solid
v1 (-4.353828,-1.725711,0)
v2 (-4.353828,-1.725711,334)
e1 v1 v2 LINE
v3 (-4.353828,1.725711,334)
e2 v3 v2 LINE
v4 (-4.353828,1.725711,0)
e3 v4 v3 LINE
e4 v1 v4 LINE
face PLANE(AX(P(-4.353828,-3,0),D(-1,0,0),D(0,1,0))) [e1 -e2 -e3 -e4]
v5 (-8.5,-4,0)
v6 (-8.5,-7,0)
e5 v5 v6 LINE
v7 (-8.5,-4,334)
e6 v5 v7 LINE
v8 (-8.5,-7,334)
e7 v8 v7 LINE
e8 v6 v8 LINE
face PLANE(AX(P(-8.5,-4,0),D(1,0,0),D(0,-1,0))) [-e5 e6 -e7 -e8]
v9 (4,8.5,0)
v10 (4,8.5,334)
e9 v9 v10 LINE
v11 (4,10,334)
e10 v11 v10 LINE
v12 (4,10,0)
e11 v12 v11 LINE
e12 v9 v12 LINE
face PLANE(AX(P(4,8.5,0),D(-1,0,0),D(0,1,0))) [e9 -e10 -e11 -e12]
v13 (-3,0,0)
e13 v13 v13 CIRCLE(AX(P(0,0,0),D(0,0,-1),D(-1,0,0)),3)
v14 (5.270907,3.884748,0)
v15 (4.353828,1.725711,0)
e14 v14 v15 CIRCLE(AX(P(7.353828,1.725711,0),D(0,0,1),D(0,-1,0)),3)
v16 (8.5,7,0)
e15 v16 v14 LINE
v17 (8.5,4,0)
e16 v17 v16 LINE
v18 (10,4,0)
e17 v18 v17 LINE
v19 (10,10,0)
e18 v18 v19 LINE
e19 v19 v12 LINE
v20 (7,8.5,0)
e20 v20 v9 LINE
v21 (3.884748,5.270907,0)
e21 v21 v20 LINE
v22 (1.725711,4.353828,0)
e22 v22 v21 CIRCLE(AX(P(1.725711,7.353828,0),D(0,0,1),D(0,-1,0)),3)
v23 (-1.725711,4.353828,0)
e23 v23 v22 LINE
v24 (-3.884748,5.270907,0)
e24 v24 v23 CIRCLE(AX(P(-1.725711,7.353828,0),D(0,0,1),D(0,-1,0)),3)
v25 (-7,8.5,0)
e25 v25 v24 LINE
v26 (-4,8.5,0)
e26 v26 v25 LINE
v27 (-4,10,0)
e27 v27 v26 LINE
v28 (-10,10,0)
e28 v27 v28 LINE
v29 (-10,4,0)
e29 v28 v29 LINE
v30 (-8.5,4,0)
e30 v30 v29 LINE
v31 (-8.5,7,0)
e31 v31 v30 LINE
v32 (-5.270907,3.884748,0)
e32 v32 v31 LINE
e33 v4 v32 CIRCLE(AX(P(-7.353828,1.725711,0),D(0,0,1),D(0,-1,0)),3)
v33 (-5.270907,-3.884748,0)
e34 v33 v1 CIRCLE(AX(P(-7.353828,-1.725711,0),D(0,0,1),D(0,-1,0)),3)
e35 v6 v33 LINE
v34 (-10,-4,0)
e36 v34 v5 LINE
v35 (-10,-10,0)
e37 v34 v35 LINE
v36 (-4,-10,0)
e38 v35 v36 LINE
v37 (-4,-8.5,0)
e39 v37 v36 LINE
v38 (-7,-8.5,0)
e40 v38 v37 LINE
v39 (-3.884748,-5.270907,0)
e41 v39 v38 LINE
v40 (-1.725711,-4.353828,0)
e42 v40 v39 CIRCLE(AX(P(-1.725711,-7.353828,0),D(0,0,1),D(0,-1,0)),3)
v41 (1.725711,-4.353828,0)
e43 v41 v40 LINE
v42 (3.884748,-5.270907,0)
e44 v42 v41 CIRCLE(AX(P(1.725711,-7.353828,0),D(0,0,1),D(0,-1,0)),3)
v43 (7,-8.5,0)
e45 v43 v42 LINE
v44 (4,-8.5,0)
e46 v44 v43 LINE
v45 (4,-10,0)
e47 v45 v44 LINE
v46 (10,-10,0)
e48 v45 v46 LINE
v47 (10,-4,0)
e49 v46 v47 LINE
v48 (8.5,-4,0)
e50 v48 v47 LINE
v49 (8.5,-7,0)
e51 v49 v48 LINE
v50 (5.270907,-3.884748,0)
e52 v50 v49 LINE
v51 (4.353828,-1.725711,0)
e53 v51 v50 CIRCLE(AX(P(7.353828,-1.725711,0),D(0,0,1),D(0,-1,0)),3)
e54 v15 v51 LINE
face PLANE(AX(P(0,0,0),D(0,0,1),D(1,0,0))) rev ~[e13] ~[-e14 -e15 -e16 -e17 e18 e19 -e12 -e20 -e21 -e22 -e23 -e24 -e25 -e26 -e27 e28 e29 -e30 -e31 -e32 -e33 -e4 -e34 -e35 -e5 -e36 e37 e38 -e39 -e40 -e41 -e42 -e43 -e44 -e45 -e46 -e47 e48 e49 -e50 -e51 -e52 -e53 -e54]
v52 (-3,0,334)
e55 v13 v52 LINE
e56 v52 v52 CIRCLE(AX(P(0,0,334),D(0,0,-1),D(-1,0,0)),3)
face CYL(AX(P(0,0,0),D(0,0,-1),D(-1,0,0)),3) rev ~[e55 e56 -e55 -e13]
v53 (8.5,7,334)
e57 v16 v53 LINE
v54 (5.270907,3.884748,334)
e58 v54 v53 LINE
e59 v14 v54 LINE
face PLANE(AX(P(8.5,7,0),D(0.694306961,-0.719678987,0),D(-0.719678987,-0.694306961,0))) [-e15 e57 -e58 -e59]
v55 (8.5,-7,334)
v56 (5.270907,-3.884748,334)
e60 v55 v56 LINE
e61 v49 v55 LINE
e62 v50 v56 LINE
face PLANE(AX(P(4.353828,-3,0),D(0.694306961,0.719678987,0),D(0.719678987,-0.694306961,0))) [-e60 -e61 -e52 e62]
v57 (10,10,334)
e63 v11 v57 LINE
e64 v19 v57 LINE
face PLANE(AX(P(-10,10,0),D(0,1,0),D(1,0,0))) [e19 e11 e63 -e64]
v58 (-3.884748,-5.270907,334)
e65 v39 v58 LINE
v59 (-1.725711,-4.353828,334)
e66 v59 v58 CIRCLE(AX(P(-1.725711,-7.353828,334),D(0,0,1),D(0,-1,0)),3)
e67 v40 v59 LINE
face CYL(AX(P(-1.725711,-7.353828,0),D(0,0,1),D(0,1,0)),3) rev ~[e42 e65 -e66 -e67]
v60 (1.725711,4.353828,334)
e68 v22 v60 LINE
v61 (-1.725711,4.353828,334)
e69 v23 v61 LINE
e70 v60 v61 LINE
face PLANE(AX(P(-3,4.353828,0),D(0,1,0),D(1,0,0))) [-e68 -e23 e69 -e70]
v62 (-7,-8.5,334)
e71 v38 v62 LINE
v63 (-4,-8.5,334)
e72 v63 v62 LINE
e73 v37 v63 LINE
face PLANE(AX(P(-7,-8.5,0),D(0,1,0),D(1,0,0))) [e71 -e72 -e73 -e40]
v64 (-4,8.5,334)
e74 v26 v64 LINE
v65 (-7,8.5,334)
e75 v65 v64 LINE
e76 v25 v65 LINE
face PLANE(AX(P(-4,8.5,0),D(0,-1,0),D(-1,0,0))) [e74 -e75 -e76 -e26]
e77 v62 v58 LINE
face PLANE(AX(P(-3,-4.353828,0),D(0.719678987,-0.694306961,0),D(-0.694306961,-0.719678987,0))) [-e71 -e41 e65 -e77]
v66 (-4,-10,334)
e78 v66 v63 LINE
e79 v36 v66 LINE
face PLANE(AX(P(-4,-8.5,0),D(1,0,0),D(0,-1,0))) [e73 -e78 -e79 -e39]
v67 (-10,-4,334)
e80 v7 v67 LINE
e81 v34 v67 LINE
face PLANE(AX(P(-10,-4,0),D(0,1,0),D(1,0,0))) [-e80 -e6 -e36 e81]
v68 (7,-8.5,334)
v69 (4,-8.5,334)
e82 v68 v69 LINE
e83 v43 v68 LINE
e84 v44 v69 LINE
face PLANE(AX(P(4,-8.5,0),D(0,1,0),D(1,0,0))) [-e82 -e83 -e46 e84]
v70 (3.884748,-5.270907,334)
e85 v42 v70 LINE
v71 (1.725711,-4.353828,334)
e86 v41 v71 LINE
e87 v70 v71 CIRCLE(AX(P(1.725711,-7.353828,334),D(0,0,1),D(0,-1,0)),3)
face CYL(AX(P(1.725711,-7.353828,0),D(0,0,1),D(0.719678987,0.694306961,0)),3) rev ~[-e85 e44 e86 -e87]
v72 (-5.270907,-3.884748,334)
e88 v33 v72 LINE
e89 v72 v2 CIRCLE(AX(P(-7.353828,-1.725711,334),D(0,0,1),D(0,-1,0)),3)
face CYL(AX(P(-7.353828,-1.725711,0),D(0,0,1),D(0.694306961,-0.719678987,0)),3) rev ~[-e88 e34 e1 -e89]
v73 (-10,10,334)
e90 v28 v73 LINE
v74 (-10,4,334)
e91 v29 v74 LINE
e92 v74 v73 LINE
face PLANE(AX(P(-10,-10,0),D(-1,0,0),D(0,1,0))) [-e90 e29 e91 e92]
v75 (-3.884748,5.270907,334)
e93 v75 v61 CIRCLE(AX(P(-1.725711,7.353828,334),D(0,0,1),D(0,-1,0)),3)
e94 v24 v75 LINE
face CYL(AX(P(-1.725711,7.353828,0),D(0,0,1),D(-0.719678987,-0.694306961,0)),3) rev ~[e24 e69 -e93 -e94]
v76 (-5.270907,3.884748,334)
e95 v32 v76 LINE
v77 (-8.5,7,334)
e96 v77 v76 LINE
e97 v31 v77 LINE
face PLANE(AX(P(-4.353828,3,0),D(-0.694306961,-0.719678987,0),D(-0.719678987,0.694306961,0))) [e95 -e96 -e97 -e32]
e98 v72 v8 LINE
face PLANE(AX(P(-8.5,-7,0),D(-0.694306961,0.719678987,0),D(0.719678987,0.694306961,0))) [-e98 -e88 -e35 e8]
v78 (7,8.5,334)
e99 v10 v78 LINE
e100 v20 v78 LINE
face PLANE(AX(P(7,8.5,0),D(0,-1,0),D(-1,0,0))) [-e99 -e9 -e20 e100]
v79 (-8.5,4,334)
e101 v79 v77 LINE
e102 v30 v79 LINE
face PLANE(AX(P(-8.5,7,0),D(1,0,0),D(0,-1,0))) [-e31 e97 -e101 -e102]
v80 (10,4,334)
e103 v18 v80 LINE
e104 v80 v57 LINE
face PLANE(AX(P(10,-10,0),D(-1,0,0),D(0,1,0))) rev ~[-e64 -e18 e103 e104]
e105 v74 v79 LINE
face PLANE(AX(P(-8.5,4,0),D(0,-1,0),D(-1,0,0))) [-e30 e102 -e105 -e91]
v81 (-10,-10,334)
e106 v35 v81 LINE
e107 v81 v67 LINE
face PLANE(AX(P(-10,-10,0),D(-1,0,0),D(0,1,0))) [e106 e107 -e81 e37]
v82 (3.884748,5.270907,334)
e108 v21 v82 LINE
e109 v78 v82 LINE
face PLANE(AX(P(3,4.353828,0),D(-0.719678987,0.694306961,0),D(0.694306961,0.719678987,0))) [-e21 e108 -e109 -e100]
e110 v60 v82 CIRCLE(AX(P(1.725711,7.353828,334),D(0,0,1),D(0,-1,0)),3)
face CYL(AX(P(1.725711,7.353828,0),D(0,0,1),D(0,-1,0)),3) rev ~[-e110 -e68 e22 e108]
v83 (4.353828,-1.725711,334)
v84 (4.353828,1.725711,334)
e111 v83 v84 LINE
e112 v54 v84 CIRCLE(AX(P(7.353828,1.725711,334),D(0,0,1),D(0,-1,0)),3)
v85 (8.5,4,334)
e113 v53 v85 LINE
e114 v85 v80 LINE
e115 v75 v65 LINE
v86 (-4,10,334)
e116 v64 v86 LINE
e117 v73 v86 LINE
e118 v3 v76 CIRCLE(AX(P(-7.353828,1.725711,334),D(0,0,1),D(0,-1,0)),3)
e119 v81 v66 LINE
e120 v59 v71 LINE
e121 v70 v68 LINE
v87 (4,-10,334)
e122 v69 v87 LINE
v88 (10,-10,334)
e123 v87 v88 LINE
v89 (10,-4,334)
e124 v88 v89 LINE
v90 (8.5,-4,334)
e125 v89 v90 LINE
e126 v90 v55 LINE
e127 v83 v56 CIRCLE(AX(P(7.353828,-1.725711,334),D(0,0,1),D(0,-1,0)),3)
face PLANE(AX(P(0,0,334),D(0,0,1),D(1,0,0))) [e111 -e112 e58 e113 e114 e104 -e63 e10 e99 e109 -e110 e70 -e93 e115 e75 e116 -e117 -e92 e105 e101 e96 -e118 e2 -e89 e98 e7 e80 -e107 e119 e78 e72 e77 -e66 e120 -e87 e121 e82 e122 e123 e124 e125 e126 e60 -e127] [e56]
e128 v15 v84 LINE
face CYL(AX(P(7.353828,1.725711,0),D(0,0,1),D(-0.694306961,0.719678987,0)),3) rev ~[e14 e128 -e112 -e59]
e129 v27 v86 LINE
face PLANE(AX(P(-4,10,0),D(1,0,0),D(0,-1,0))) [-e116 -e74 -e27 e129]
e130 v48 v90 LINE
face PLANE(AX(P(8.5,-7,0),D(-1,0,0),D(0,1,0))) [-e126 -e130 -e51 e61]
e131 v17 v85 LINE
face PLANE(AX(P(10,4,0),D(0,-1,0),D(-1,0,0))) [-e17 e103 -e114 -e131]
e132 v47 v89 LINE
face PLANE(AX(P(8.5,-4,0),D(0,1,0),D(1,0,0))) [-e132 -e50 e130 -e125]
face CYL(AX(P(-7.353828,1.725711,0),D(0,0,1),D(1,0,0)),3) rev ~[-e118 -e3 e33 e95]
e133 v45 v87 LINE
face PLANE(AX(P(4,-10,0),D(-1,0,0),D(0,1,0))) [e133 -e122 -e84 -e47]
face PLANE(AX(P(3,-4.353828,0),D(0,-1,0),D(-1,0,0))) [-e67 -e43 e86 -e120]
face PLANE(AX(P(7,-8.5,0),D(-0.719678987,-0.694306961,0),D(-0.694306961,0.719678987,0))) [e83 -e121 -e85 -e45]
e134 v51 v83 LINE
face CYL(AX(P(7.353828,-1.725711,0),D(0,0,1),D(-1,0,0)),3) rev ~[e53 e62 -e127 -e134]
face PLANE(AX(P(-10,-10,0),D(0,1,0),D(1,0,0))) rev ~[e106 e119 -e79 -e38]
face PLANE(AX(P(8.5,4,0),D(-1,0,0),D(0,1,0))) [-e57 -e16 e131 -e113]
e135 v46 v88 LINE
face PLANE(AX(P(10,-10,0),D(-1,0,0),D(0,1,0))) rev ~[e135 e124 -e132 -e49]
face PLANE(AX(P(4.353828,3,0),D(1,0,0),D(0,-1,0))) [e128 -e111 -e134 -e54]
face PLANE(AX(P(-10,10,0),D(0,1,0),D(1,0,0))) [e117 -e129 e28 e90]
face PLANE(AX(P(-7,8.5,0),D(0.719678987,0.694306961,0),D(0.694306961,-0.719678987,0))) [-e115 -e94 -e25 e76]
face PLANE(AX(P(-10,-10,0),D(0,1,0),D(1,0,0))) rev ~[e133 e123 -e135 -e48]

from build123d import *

# Parameters (mm, degrees)
ESBO_O1_W                  = 20
ESBO_O1_H                  = 20
RESSALTO_EXTRUS_O1_DEPTH   = 334
ESBO_O2_R                  = 3
CORTE_EXTRUS_O1_DEPTH      = 1
CORTE_EXTRUS_O1_DEPTH_BACK = 335
FILETE1_R                  = 3


with BuildPart() as part:
    # Esboço1 → Ressalto-extrusão1 (new body)
    with BuildSketch(Plane.XY):
        Rectangle(ESBO_O1_W, ESBO_O1_H)
    extrude(amount=RESSALTO_EXTRUS_O1_DEPTH)

    # Esboço2 → Corte-extrusão1 (cut, two sides)
    with BuildSketch(Plane(origin=(0, 0, 0), x_dir=(-1, 0, 0), z_dir=(0, 0, -1))) as corte_extrus_o1_sk:
        Circle(ESBO_O2_R)
        Polygon((-10, 4), (-8.5, 4), (-8.5, 7), (-4.353828188, 3), (-4.353828188, -3), (-8.5, -7), (-8.5, -4), (-10, -4), align=None)
        Polygon((4, 10), (4, 8.5), (7, 8.5), (3, 4.353828188), (-3, 4.353828188), (-7, 8.5), (-4, 8.5), (-4, 10), align=None)
        Polygon((10, -4), (8.5, -4), (8.5, -7), (4.353828188, -3), (4.353828188, 3), (8.5, 7), (8.5, 4), (10, 4), align=None)
        Polygon((-4, -10), (-4, -8.5), (-7, -8.5), (-3, -4.353828188), (3, -4.353828188), (7, -8.5), (4, -8.5), (4, -10), align=None)
    extrude(amount=CORTE_EXTRUS_O1_DEPTH, mode=Mode.SUBTRACT)
    extrude(corte_extrus_o1_sk.sketch, amount=-CORTE_EXTRUS_O1_DEPTH_BACK, mode=Mode.SUBTRACT)

    # Filete1
    filete1_edges = [part.edges().sort_by_distance(p)[0] for p in [
        (-3, 4.353828188, 167),
        (3, 4.353828188, 167),
        (4.353828188, 3, 167),
        (4.353828188, -3, 167),
        (3, -4.353828188, 167),
        (-3, -4.353828188, 167),
        (-4.353828188, -3, 167),
        (-4.353828188, 3, 167),
    ]]
    fillet(filete1_edges, radius=FILETE1_R)


solid = part.part
